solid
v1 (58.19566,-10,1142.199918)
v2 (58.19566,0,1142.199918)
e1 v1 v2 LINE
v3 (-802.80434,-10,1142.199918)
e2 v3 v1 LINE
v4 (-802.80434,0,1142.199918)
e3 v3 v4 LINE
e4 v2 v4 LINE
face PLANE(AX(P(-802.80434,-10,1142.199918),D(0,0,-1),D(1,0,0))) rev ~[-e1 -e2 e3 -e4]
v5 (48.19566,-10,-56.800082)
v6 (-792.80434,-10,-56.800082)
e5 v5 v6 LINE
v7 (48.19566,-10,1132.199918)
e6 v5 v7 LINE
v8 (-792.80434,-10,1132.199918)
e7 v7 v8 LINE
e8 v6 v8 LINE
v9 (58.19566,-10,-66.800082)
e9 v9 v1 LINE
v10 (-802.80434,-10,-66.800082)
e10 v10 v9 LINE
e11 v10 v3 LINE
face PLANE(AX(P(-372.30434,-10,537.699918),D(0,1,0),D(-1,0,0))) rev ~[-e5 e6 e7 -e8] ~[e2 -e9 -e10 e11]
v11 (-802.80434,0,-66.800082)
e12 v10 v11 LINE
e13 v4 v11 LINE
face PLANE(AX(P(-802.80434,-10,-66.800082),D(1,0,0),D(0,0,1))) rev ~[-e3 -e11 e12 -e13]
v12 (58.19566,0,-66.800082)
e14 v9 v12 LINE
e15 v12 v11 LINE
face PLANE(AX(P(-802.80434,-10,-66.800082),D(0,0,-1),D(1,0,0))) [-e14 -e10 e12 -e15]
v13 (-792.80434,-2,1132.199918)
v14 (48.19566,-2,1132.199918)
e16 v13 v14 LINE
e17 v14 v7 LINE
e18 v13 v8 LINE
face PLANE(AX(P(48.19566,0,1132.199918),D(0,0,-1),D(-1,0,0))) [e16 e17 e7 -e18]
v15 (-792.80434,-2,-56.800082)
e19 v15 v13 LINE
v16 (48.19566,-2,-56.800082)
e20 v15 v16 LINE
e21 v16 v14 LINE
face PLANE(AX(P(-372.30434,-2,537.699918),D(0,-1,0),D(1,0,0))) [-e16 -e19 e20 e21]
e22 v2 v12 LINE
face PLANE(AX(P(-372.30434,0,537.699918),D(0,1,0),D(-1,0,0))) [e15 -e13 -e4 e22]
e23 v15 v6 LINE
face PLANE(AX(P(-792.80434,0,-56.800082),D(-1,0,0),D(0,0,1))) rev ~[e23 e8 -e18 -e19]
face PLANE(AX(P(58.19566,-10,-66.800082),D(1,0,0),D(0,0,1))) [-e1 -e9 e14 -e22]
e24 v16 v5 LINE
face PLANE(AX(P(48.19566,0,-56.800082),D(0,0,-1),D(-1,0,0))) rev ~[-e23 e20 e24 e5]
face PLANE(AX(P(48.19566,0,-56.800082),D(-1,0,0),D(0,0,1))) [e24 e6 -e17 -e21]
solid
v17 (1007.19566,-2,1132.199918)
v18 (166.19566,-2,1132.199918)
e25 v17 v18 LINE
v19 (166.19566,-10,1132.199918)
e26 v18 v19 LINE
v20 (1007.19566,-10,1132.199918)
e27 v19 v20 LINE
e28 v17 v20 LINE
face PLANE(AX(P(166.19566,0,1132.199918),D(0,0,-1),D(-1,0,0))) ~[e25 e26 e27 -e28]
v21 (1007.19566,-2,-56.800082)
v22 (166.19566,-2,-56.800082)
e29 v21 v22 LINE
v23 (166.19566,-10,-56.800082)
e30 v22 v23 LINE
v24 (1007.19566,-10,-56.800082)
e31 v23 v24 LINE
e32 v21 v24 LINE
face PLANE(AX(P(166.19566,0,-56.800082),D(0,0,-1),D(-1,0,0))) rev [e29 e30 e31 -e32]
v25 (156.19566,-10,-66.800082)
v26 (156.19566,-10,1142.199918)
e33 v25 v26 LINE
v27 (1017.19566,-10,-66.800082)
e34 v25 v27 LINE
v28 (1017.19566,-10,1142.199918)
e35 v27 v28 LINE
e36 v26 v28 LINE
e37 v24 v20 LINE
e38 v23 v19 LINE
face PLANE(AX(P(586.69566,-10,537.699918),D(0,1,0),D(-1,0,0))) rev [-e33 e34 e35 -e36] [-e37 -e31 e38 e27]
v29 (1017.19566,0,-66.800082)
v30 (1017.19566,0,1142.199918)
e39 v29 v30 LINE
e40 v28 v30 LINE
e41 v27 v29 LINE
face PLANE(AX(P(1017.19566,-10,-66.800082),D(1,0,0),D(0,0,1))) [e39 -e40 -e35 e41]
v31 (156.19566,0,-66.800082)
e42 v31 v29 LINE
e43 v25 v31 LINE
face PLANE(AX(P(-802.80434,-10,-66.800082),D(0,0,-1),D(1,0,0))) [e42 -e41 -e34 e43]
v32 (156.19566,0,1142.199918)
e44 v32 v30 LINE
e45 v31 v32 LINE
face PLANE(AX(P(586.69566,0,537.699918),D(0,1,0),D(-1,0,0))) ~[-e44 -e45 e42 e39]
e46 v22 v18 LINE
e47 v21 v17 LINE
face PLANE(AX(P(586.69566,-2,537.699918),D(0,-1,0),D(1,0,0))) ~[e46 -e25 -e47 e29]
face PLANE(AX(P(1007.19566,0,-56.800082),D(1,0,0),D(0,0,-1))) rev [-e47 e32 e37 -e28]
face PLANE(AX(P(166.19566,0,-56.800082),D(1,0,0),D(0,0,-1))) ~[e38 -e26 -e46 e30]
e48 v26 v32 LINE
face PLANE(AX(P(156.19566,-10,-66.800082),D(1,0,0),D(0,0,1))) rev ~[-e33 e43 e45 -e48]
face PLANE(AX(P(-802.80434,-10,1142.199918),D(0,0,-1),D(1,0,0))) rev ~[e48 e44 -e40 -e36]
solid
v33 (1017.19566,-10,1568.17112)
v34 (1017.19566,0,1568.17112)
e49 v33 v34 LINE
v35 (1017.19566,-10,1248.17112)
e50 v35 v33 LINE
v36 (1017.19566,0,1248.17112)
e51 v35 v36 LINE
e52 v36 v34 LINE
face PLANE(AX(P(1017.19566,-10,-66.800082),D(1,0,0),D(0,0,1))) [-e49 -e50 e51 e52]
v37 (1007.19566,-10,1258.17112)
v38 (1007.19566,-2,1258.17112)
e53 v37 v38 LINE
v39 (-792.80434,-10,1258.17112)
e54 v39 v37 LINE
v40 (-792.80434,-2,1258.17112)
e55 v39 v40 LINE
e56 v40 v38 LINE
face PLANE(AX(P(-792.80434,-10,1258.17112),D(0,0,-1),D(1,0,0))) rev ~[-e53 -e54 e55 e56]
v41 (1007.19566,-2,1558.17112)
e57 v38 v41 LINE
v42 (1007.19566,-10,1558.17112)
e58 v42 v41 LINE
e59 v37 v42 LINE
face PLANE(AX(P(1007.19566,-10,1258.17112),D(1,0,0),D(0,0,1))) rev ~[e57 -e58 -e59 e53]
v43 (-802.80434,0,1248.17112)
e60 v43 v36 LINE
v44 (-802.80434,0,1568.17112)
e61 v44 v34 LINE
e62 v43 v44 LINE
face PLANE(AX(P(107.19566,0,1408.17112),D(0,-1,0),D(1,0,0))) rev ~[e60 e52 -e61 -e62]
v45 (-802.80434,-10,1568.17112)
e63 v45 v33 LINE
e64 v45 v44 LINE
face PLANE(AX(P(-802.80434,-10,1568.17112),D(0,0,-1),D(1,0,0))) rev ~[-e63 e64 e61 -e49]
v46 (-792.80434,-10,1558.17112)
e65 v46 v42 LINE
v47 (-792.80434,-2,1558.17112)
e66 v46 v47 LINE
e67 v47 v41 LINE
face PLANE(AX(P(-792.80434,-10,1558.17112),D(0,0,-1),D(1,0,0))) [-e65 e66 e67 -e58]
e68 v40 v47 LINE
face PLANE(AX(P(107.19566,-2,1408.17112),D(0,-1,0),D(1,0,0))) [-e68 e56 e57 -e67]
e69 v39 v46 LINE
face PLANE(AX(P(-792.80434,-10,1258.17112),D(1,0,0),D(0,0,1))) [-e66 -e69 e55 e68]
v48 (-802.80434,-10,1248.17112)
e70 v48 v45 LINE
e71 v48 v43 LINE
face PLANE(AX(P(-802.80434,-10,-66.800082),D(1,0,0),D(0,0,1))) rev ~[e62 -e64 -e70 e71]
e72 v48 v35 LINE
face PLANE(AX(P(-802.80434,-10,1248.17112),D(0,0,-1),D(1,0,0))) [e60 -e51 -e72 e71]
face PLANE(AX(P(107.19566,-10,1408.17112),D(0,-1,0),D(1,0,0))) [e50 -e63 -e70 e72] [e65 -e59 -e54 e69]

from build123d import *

# Parameters (mm, degrees)
F0_W      = 841
F0_H      = 1189
F1_DEPTH  = 2
F2_W      = 921
F2_H      = 1269
F2_W_2    = 841
F2_H_2    = 1189
F3_DEPTH  = 10
F6_W      = 1880
F6_H      = 380
F6_W_2    = 1800
F6_H_2    = 300
F7_DEPTH  = 10
F8_W      = 1800
F8_H      = 300
F9_DEPTH  = 2
F10_W     = 1908.451933
F10_H     = 1724.52875
F10_W_2   = 1820
F10_H_2   = 1634.971202
F11_DEPTH = 25
F12_W     = 1820
F12_H     = 105.971202
F13_DEPTH = 25
F14_W     = 98
F14_H     = 1209
F15_DEPTH = 25


with BuildPart() as f1:
    # F0 (on Front) → F1 (new body)
    with BuildSketch(Plane.XZ):
        with Locations((-372.30434, 537.699918)):
            Rectangle(F0_W, F0_H)
    extrude(amount=F1_DEPTH)

    # F2 (on face) → F3 (join)
    with BuildSketch(Plane(origin=(0, 0, 0), x_dir=(-1, 0, 0), z_dir=(0, 1, 0))):
        with Locations((372.30434, 537.699918)):
            Rectangle(F2_W, F2_H)
        with Locations((372.30434, 537.699918)):
            Rectangle(F2_W_2, F2_H_2, mode=Mode.SUBTRACT)
    extrude(amount=-F3_DEPTH)


with BuildPart() as f5_1:
    # F5: instance of F1
    add(f1.part.mirror(Plane(origin=(107.19566, -6, 537.699918), x_dir=(0, 1, 0), z_dir=(1, 0, 0))))


with BuildPart() as f7:
    # F6 (on face) → F7 (new body, through all)
    with BuildSketch(Plane.XZ.offset(10)):
        with Locations((107.19566, 1408.17112)):
            Rectangle(F6_W, F6_H)
        with Locations((107.19566, 1408.17112)):
            Rectangle(F6_W_2, F6_H_2, mode=Mode.SUBTRACT)
    extrude(amount=-F7_DEPTH)

    # F8 (on face) → F9 (join, through all)
    with BuildSketch(Plane.XZ.offset(2)):
        with Locations((107.19566, 1408.17112)):
            Rectangle(F8_W, F8_H)
    extrude(amount=-F9_DEPTH)


with BuildPart() as f11_tool:
    # F10 (on face) → F11 (new body)
    with BuildSketch(Plane.XZ.offset(10)):
        with Locations((121.421627, 735.906745)):
            Rectangle(F10_W, F10_H)
        with Locations((107.19566, 750.685519)):
            Rectangle(F10_W_2, F10_H_2, mode=Mode.SUBTRACT)
    extrude(amount=-F11_DEPTH)


with BuildPart() as f1_1:
    add(f1.part)

    # F11: cut by f11_tool
    add(f11_tool.part, mode=Mode.SUBTRACT)


with BuildPart() as f5_1_1:
    add(f5_1.part)

    # F11: cut by f11_tool
    add(f11_tool.part, mode=Mode.SUBTRACT)


with BuildPart() as f7_1:
    add(f7.part)

    # F11: cut by f11_tool
    add(f11_tool.part, mode=Mode.SUBTRACT)


with BuildPart() as f13_tool:
    # F12 (on face) → F13 (new body)
    with BuildSketch(Plane.XZ.offset(10)):
        with Locations((107.19566, 1195.185519)):
            Rectangle(F12_W, F12_H)
    extrude(amount=-F13_DEPTH)


with BuildPart() as f1_2:
    add(f1_1.part)

    # F13: cut by f13_tool
    add(f13_tool.part, mode=Mode.SUBTRACT)


with BuildPart() as f5_1_2:
    add(f5_1_1.part)

    # F13: cut by f13_tool
    add(f13_tool.part, mode=Mode.SUBTRACT)


with BuildPart() as f7_2:
    add(f7_1.part)

    # F13: cut by f13_tool
    add(f13_tool.part, mode=Mode.SUBTRACT)


with BuildPart() as f15_tool:
    # F14 (on face) → F15 (new body)
    with BuildSketch(Plane.XZ.offset(10)):
        with Locations((107.19566, 537.699918)):
            Rectangle(F14_W, F14_H)
    extrude(amount=-F15_DEPTH)


with BuildPart() as f1_3:
    add(f1_2.part)

    # F15: cut by f15_tool
    add(f15_tool.part, mode=Mode.SUBTRACT)


with BuildPart() as f5_1_3:
    add(f5_1_2.part)

    # F15: cut by f15_tool
    add(f15_tool.part, mode=Mode.SUBTRACT)


solid = Compound([f7_2.part, f1_3.part, f5_1_3.part])
